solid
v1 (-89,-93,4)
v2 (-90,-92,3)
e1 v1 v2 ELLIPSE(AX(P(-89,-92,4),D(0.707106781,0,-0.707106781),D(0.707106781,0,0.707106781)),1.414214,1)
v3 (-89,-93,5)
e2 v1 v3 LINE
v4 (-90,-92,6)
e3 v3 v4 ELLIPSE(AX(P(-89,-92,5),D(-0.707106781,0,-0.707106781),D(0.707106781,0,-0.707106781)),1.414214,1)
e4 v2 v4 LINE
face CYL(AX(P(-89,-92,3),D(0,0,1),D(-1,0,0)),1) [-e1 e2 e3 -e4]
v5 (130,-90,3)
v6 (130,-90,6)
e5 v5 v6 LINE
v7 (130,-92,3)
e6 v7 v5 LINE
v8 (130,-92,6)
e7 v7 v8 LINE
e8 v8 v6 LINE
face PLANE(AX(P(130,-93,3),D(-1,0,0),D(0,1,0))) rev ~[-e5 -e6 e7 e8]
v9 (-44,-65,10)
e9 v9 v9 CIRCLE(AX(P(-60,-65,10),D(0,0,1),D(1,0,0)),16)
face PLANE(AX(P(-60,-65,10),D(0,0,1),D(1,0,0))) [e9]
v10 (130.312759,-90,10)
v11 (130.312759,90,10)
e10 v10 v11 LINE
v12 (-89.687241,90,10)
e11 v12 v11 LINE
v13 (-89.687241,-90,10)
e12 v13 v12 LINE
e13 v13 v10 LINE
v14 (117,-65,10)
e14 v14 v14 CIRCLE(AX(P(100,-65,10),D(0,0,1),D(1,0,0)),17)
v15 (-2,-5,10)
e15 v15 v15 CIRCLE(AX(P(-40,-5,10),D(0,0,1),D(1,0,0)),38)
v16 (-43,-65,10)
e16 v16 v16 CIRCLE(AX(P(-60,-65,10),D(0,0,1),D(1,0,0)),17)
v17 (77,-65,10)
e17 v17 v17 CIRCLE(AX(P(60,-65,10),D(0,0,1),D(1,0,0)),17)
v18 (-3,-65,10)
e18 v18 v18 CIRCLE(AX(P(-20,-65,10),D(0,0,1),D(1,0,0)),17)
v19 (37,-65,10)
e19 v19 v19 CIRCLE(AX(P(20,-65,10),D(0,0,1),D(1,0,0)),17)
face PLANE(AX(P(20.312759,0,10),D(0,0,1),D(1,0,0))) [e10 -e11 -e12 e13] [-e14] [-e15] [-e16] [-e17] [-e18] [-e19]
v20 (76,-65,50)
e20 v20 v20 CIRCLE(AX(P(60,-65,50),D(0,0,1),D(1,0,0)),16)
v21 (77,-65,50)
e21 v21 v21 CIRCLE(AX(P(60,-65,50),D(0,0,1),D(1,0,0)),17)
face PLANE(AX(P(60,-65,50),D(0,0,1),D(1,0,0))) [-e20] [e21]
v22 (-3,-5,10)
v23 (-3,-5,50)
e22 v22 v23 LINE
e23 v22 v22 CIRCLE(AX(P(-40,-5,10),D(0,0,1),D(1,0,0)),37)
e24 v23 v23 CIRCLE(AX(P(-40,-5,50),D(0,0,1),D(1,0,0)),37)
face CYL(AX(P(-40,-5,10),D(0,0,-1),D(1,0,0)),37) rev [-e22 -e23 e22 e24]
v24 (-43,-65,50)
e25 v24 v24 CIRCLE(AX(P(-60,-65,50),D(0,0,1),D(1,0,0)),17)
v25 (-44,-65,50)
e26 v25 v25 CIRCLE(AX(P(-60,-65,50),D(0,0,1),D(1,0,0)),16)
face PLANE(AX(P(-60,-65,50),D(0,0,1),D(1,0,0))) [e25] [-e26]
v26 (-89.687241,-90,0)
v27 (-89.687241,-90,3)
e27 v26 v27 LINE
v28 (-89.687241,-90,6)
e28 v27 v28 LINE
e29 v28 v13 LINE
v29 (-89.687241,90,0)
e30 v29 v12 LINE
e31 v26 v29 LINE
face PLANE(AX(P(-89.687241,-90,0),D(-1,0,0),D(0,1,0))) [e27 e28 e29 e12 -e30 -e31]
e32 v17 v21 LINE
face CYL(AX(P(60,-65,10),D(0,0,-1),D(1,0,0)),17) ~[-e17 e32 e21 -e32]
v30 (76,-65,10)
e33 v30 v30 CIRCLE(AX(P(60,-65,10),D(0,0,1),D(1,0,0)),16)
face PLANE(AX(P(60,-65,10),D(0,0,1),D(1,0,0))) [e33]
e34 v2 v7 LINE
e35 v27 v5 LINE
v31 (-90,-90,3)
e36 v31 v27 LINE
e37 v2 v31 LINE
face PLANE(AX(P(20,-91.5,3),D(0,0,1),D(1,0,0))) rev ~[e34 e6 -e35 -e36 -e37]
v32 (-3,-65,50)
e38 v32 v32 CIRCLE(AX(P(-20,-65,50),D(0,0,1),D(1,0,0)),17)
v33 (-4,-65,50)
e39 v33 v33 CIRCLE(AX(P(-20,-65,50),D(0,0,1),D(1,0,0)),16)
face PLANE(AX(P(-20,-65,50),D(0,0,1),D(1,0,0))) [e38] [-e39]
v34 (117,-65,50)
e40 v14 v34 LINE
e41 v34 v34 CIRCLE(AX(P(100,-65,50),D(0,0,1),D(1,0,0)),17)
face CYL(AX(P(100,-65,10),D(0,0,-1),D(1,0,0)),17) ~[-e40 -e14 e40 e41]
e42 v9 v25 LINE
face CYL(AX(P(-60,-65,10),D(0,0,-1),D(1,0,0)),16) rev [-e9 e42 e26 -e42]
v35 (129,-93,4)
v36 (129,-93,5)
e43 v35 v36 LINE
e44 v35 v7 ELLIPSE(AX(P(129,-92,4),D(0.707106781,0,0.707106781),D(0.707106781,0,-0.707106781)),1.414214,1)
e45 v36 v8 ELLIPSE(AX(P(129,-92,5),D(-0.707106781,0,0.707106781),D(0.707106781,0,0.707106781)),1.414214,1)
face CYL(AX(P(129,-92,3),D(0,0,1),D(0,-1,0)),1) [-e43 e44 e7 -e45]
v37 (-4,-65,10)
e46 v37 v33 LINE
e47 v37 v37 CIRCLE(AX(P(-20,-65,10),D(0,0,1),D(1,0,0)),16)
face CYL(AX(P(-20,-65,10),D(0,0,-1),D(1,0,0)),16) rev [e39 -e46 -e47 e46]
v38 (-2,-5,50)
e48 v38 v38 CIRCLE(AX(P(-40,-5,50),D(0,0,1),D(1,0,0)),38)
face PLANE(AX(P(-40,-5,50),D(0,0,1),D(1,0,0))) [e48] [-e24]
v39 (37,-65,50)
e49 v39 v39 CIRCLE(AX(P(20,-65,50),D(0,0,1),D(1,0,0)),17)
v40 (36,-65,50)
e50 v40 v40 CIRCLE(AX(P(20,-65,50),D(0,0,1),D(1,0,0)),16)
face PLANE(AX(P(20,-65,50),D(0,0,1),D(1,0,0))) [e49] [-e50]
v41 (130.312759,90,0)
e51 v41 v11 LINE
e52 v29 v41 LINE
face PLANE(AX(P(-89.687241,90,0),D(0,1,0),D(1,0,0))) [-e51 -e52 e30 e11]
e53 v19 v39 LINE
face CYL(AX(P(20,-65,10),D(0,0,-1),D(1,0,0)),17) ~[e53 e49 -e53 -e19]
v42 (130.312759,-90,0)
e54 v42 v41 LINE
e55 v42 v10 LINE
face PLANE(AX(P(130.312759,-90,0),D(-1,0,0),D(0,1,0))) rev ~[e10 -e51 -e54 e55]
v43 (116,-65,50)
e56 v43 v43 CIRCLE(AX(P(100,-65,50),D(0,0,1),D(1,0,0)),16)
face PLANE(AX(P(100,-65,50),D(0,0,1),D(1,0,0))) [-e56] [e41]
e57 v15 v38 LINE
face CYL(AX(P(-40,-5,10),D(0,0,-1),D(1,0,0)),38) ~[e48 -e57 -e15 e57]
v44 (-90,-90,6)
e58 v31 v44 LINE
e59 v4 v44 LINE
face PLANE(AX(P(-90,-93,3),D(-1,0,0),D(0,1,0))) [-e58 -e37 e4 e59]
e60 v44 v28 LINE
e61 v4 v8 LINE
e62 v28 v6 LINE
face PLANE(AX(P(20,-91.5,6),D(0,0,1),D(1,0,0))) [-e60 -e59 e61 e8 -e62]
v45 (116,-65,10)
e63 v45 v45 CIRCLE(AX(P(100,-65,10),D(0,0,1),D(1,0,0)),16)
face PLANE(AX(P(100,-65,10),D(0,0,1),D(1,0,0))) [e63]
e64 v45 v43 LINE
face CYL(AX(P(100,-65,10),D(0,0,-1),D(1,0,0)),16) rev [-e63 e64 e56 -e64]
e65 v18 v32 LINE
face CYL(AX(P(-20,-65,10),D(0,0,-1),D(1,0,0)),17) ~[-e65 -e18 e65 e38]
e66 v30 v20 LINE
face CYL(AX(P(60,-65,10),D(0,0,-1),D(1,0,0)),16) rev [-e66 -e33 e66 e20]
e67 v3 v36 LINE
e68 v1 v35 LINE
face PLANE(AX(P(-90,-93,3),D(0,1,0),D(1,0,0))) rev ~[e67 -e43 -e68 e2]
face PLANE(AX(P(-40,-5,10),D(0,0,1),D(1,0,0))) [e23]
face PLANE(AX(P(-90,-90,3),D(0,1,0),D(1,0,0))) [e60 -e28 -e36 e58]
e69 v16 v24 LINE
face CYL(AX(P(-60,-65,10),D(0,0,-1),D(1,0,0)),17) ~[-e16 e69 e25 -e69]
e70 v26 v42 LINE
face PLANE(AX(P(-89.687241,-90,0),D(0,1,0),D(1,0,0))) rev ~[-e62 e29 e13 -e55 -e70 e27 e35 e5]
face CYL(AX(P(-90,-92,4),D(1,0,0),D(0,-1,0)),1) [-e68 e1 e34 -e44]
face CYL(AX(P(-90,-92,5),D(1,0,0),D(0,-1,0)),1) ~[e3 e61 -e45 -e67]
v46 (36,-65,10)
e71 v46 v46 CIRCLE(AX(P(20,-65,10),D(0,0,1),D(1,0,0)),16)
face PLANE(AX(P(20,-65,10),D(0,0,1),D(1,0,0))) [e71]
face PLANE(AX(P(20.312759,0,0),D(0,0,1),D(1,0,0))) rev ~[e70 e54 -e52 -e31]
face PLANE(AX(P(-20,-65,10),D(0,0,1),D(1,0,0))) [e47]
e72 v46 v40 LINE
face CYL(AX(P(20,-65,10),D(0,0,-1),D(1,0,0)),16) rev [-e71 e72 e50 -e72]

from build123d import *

# Parameters (mm, degrees)
SKETCH_W          = 220
SKETCH_H          = 180
PAD_DEPTH         = 10
BOX_W             = 220
BOX_H             = 3
BOX_DEPTH         = 3
FILLET_R          = 1
CYLINDER_R        = 17
CYLINDER_DEPTH    = 40
CYLINDER001_R     = 16
CYLINDER001_DEPTH = 40
CYLINDER002_R     = 17
CYLINDER002_DEPTH = 40
CYLINDER003_R     = 17
CYLINDER003_DEPTH = 40
CYLINDER004_R     = 17
CYLINDER004_DEPTH = 40
CYLINDER005_R     = 17
CYLINDER005_DEPTH = 40
CYLINDER006_R     = 16
CYLINDER006_DEPTH = 40
CYLINDER007_R     = 16
CYLINDER007_DEPTH = 40
CYLINDER008_R     = 16
CYLINDER008_DEPTH = 40
CYLINDER009_R     = 16
CYLINDER009_DEPTH = 40
CYLINDER012_R     = 38
CYLINDER012_DEPTH = 40
CYLINDER013_R     = 37
CYLINDER013_DEPTH = 40


with BuildPart() as part:
    # Sketch → Pad (new body)
    with BuildSketch(Plane.XY):
        with Locations((20.312759, 0)):
            Rectangle(SKETCH_W, SKETCH_H)
    extrude(amount=PAD_DEPTH)

    # Box → Box (join)
    with BuildSketch(Plane(origin=(-90, -93, 3), x_dir=(1, 0, 0), z_dir=(0, 0, 1))):
        with Locations((110, 1.5)):
            Rectangle(BOX_W, BOX_H)
    extrude(amount=BOX_DEPTH)

    # Fillet
    fillet_edges = [part.edges().sort_by_distance(p)[0] for p in [
        (20, -93, 3),
        (130, -93, 4.5),
        (20, -93, 6),
        (-90, -93, 4.5),
    ]]
    fillet(fillet_edges, radius=FILLET_R)

    # Cylinder → Cylinder (join)
    with BuildSketch(Plane(origin=(-60, -65, 10), x_dir=(1, 0, 0), z_dir=(0, 0, 1))):
        Circle(CYLINDER_R)
    extrude(amount=CYLINDER_DEPTH)

    # Cylinder001 → Cylinder001 (cut)
    with BuildSketch(Plane(origin=(-60, -65, 10), x_dir=(1, 0, 0), z_dir=(0, 0, 1))):
        Circle(CYLINDER001_R)
    extrude(amount=CYLINDER001_DEPTH, mode=Mode.SUBTRACT)

    # Cylinder002 → Cylinder002 (join)
    with BuildSketch(Plane(origin=(-20, -65, 10), x_dir=(1, 0, 0), z_dir=(0, 0, 1))):
        Circle(CYLINDER002_R)
    extrude(amount=CYLINDER002_DEPTH)

    # Cylinder003 → Cylinder003 (join)
    with BuildSketch(Plane(origin=(20, -65, 10), x_dir=(1, 0, 0), z_dir=(0, 0, 1))):
        Circle(CYLINDER003_R)
    extrude(amount=CYLINDER003_DEPTH)

    # Cylinder004 → Cylinder004 (join)
    with BuildSketch(Plane(origin=(60, -65, 10), x_dir=(1, 0, 0), z_dir=(0, 0, 1))):
        Circle(CYLINDER004_R)
    extrude(amount=CYLINDER004_DEPTH)

    # Cylinder005 → Cylinder005 (join)
    with BuildSketch(Plane(origin=(100, -65, 10), x_dir=(1, 0, 0), z_dir=(0, 0, 1))):
        Circle(CYLINDER005_R)
    extrude(amount=CYLINDER005_DEPTH)

    # Cylinder006 → Cylinder006 (cut)
    with BuildSketch(Plane(origin=(-20, -65, 10), x_dir=(1, 0, 0), z_dir=(0, 0, 1))):
        Circle(CYLINDER006_R)
    extrude(amount=CYLINDER006_DEPTH, mode=Mode.SUBTRACT)

    # Cylinder007 → Cylinder007 (cut)
    with BuildSketch(Plane(origin=(20, -65, 10), x_dir=(1, 0, 0), z_dir=(0, 0, 1))):
        Circle(CYLINDER007_R)
    extrude(amount=CYLINDER007_DEPTH, mode=Mode.SUBTRACT)

    # Cylinder008 → Cylinder008 (cut)
    with BuildSketch(Plane(origin=(60, -65, 10), x_dir=(1, 0, 0), z_dir=(0, 0, 1))):
        Circle(CYLINDER008_R)
    extrude(amount=CYLINDER008_DEPTH, mode=Mode.SUBTRACT)

    # Cylinder009 → Cylinder009 (cut)
    with BuildSketch(Plane(origin=(100, -65, 10), x_dir=(1, 0, 0), z_dir=(0, 0, 1))):
        Circle(CYLINDER009_R)
    extrude(amount=CYLINDER009_DEPTH, mode=Mode.SUBTRACT)

    # Cylinder012 → Cylinder012 (join)
    with BuildSketch(Plane(origin=(-40, -5, 10), x_dir=(1, 0, 0), z_dir=(0, 0, 1))):
        Circle(CYLINDER012_R)
    extrude(amount=CYLINDER012_DEPTH)

    # Cylinder013 → Cylinder013 (cut)
    with BuildSketch(Plane(origin=(-40, -5, 10), x_dir=(1, 0, 0), z_dir=(0, 0, 1))):
        Circle(CYLINDER013_R)
    extrude(amount=CYLINDER013_DEPTH, mode=Mode.SUBTRACT)


solid = part.part
